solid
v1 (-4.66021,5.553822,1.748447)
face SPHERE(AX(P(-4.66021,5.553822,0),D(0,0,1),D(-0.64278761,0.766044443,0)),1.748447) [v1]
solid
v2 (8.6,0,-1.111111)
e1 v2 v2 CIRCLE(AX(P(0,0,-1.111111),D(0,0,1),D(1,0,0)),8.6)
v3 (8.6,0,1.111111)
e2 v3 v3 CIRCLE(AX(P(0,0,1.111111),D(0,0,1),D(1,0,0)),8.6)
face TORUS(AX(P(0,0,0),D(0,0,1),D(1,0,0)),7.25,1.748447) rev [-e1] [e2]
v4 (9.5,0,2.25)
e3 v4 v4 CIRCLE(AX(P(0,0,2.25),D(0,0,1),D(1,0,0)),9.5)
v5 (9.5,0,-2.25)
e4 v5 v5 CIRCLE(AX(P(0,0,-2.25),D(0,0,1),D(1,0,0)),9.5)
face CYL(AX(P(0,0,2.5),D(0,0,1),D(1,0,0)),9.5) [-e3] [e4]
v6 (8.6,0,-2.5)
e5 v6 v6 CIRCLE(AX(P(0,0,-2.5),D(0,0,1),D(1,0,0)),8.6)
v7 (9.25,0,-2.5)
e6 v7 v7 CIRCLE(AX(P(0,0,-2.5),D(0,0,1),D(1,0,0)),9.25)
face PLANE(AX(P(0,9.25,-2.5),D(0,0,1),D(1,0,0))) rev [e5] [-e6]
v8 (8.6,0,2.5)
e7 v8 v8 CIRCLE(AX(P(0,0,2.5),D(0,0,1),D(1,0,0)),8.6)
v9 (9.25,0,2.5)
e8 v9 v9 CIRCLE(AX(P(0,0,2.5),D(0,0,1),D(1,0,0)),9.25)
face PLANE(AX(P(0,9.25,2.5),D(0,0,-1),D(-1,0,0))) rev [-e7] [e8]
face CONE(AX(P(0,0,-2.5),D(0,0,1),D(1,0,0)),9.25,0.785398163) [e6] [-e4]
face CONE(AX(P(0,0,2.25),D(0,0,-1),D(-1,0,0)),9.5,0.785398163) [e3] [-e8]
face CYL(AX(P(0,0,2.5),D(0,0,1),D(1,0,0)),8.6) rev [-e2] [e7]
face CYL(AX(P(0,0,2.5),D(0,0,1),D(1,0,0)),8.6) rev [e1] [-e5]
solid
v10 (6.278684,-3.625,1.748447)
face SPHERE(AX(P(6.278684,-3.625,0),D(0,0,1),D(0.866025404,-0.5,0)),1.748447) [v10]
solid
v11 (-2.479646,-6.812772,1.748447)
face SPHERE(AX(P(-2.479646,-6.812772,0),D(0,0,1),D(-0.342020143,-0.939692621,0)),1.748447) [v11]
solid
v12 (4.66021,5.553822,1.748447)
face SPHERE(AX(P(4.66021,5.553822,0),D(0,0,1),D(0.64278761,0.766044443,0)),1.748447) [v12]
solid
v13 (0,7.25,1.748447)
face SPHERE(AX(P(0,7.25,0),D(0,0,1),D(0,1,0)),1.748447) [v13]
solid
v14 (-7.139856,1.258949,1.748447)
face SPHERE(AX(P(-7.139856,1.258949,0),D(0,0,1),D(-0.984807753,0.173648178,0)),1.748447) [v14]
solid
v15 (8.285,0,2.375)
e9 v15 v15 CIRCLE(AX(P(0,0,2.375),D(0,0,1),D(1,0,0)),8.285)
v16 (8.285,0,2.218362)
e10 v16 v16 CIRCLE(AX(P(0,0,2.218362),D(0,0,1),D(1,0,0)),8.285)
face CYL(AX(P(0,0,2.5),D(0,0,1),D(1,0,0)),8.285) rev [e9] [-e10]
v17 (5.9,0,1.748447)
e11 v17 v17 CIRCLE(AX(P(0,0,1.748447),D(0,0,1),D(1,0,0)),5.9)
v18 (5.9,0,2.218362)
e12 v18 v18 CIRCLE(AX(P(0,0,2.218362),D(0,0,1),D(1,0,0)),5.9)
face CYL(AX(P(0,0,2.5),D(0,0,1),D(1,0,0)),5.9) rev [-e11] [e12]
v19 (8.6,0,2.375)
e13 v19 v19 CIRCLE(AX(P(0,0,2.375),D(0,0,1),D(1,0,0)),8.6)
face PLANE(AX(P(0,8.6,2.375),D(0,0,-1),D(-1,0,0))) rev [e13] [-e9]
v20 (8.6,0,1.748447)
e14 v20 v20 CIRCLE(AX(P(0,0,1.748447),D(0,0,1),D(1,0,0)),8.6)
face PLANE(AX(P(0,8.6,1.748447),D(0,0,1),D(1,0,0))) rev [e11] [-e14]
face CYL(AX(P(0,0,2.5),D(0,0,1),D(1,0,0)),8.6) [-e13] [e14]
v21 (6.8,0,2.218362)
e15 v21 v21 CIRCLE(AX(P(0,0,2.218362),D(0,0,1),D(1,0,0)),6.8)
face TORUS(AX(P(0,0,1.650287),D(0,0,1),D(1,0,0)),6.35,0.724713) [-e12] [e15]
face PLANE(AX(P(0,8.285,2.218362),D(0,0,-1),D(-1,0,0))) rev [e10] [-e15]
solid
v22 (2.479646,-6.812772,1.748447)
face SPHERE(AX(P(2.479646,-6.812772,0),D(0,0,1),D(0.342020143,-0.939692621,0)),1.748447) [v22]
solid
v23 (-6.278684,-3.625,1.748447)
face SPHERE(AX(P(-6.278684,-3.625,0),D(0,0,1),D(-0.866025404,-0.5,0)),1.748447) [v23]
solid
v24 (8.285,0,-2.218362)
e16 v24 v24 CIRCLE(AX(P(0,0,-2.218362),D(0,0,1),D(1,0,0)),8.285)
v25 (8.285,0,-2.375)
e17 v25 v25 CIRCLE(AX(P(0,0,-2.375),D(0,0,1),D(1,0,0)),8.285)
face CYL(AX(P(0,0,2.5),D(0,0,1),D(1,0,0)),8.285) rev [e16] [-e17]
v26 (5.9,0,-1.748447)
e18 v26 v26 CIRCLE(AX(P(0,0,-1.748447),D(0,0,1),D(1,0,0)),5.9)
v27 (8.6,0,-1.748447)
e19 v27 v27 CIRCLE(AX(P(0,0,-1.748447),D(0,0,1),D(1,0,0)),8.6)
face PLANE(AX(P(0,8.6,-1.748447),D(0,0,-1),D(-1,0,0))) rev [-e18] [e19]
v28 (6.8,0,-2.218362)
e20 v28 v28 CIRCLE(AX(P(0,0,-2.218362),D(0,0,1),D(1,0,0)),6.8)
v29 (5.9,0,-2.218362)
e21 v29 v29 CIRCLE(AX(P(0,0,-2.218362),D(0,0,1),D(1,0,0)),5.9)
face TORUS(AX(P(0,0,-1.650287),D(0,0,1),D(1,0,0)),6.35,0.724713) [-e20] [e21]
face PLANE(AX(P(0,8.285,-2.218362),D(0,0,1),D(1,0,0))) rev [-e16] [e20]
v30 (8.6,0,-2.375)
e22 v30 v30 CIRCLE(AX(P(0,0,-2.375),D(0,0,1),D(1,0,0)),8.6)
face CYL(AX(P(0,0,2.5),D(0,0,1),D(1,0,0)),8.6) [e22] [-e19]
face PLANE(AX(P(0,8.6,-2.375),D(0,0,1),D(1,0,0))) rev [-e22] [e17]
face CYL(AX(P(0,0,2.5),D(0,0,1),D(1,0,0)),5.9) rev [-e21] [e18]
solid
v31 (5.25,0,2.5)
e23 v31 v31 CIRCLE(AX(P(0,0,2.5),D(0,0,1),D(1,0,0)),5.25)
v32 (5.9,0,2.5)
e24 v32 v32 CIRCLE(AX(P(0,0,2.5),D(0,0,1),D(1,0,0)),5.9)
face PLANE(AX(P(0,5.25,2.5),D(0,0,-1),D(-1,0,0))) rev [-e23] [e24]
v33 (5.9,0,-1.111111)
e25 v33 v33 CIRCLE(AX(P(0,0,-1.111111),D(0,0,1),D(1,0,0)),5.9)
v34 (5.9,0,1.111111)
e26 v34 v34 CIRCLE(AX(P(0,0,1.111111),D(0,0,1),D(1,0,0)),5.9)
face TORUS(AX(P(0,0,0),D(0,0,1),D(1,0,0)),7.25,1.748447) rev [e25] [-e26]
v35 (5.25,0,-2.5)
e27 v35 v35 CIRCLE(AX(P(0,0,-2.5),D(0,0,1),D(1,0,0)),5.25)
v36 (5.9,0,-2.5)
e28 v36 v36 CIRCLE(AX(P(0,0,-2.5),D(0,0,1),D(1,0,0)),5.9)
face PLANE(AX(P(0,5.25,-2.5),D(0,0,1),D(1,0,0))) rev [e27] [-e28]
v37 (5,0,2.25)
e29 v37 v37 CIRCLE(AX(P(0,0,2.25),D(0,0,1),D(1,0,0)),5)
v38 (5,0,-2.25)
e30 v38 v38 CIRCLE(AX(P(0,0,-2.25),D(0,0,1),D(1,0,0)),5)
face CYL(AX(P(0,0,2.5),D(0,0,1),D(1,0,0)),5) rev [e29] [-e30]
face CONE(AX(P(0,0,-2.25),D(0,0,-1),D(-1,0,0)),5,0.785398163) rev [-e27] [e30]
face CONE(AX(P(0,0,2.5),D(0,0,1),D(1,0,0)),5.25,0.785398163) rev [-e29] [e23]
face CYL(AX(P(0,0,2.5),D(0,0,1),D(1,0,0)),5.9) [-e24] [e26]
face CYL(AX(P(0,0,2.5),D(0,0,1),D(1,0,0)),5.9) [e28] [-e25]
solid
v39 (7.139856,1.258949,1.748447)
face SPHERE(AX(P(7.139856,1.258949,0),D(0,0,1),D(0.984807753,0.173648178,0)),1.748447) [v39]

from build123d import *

# Parameters (mm, degrees)
CIRPATTERN1_COUNT = 9


with BuildPart() as part:
    # Sketch3 → Revolve1 (revolve)
    with BuildSketch(Plane(origin=(0, 0, 0), x_dir=(0, 0, -1), z_dir=(1, 0, 0))):
        with BuildLine():
            Line((-2.5, 9.25), (-2.5, 8.6))
            Line((-2.5, 8.6), (-1.111111111, 8.6))
            ThreePointArc((-1.111111111, 8.6), (0, 8.998447283), (1.111111111, 8.6))
            Line((1.111111111, 8.6), (2.5, 8.6))
            Line((2.5, 8.6), (2.5, 9.25))
            Line((2.5, 9.25), (2.25, 9.5))
            Line((2.25, 9.5), (-2.25, 9.5))
            Line((-2.25, 9.5), (-2.5, 9.25))
        make_face()
        with BuildLine():
            Line((-2.5, 5.25), (-2.5, 5.9))
            Line((-2.5, 5.9), (-1.111111111, 5.9))
            ThreePointArc((-1.111111111, 5.9), (0, 5.501552717), (1.111111111, 5.9))
            Line((1.111111111, 5.9), (2.5, 5.9))
            Line((2.5, 5.9), (2.5, 5.25))
            Line((2.5, 5.25), (2.25, 5))
            Line((2.25, 5), (-2.25, 5))
            Line((-2.25, 5), (-2.5, 5.25))
        make_face()
    revolve(axis=Axis((0, 0, 2.5), (0, 0, -1)))


with BuildPart() as body_2:
    # Sketch4 → Revolve2 (revolve)
    with BuildSketch(Plane(origin=(0, 0, 0), x_dir=(0, 0, -1), z_dir=(1, 0, 0))):
        with BuildLine():
            Line((-1.748447283, 7.25), (1.748447283, 7.25))
            ThreePointArc((1.748447283, 7.25), (0, 8.998447283), (-1.748447283, 7.25))
        make_face()
    revolve(axis=Axis((0, 7.25, 1.748447283), (0, 0, -1)))


with BuildPart() as cirpattern1_1:
    # CirPattern1: pattern copy
    add(body_2.part.rotate(Axis((0, 0, 0), (0, 0, 1)), 1 * 360 / CIRPATTERN1_COUNT))


with BuildPart() as cirpattern1_2:
    # CirPattern1: pattern copy
    add(body_2.part.rotate(Axis((0, 0, 0), (0, 0, 1)), 2 * 360 / CIRPATTERN1_COUNT))


with BuildPart() as cirpattern1_3:
    # CirPattern1: pattern copy
    add(body_2.part.rotate(Axis((0, 0, 0), (0, 0, 1)), 3 * 360 / CIRPATTERN1_COUNT))


with BuildPart() as cirpattern1_4:
    # CirPattern1: pattern copy
    add(body_2.part.rotate(Axis((0, 0, 0), (0, 0, 1)), 4 * 360 / CIRPATTERN1_COUNT))


with BuildPart() as cirpattern1_5:
    # CirPattern1: pattern copy
    add(body_2.part.rotate(Axis((0, 0, 0), (0, 0, 1)), 5 * 360 / CIRPATTERN1_COUNT))


with BuildPart() as cirpattern1_6:
    # CirPattern1: pattern copy
    add(body_2.part.rotate(Axis((0, 0, 0), (0, 0, 1)), 6 * 360 / CIRPATTERN1_COUNT))


with BuildPart() as cirpattern1_7:
    # CirPattern1: pattern copy
    add(body_2.part.rotate(Axis((0, 0, 0), (0, 0, 1)), 7 * 360 / CIRPATTERN1_COUNT))


with BuildPart() as cirpattern1_8:
    # CirPattern1: pattern copy
    add(body_2.part.rotate(Axis((0, 0, 0), (0, 0, 1)), 8 * 360 / CIRPATTERN1_COUNT))


with BuildPart() as body_11:
    # Sketch5 → Revolve3 (revolve)
    with BuildSketch(Plane(origin=(0, 0, 0), x_dir=(0, 0, -1), z_dir=(1, 0, 0))):
        with BuildLine():
            Line((-2.375, 8.6), (-1.748447283, 8.6))
            Line((-1.748447283, 8.6), (-1.748447283, 5.9))
            Line((-1.748447283, 5.9), (-2.218361821, 5.9))
            ThreePointArc((-2.218361821, 5.9), (-2.375, 6.35), (-2.218361821, 6.8))
            Line((-2.218361821, 6.8), (-2.218361821, 8.285))
            Line((-2.218361821, 8.285), (-2.375, 8.285))
            Line((-2.375, 8.285), (-2.375, 8.6))
        make_face()
        with BuildLine():
            Line((2.218361821, 5.9), (1.748447283, 5.9))
            Line((1.748447283, 5.9), (1.748447283, 8.6))
            Line((1.748447283, 8.6), (2.375, 8.6))
            Line((2.375, 8.6), (2.375, 8.285))
            Line((2.375, 8.285), (2.218361821, 8.285))
            Line((2.218361821, 8.285), (2.218361821, 6.8))
            ThreePointArc((2.218361821, 6.8), (2.375, 6.35), (2.218361821, 5.9))
        make_face()
    revolve(axis=Axis((0, 0, 2.5), (0, 0, -1)))


solid = Compound([part.part, body_2.part, cirpattern1_1.part, cirpattern1_2.part, cirpattern1_3.part, cirpattern1_4.part, cirpattern1_5.part, cirpattern1_6.part, cirpattern1_7.part, cirpattern1_8.part, body_11.part])
